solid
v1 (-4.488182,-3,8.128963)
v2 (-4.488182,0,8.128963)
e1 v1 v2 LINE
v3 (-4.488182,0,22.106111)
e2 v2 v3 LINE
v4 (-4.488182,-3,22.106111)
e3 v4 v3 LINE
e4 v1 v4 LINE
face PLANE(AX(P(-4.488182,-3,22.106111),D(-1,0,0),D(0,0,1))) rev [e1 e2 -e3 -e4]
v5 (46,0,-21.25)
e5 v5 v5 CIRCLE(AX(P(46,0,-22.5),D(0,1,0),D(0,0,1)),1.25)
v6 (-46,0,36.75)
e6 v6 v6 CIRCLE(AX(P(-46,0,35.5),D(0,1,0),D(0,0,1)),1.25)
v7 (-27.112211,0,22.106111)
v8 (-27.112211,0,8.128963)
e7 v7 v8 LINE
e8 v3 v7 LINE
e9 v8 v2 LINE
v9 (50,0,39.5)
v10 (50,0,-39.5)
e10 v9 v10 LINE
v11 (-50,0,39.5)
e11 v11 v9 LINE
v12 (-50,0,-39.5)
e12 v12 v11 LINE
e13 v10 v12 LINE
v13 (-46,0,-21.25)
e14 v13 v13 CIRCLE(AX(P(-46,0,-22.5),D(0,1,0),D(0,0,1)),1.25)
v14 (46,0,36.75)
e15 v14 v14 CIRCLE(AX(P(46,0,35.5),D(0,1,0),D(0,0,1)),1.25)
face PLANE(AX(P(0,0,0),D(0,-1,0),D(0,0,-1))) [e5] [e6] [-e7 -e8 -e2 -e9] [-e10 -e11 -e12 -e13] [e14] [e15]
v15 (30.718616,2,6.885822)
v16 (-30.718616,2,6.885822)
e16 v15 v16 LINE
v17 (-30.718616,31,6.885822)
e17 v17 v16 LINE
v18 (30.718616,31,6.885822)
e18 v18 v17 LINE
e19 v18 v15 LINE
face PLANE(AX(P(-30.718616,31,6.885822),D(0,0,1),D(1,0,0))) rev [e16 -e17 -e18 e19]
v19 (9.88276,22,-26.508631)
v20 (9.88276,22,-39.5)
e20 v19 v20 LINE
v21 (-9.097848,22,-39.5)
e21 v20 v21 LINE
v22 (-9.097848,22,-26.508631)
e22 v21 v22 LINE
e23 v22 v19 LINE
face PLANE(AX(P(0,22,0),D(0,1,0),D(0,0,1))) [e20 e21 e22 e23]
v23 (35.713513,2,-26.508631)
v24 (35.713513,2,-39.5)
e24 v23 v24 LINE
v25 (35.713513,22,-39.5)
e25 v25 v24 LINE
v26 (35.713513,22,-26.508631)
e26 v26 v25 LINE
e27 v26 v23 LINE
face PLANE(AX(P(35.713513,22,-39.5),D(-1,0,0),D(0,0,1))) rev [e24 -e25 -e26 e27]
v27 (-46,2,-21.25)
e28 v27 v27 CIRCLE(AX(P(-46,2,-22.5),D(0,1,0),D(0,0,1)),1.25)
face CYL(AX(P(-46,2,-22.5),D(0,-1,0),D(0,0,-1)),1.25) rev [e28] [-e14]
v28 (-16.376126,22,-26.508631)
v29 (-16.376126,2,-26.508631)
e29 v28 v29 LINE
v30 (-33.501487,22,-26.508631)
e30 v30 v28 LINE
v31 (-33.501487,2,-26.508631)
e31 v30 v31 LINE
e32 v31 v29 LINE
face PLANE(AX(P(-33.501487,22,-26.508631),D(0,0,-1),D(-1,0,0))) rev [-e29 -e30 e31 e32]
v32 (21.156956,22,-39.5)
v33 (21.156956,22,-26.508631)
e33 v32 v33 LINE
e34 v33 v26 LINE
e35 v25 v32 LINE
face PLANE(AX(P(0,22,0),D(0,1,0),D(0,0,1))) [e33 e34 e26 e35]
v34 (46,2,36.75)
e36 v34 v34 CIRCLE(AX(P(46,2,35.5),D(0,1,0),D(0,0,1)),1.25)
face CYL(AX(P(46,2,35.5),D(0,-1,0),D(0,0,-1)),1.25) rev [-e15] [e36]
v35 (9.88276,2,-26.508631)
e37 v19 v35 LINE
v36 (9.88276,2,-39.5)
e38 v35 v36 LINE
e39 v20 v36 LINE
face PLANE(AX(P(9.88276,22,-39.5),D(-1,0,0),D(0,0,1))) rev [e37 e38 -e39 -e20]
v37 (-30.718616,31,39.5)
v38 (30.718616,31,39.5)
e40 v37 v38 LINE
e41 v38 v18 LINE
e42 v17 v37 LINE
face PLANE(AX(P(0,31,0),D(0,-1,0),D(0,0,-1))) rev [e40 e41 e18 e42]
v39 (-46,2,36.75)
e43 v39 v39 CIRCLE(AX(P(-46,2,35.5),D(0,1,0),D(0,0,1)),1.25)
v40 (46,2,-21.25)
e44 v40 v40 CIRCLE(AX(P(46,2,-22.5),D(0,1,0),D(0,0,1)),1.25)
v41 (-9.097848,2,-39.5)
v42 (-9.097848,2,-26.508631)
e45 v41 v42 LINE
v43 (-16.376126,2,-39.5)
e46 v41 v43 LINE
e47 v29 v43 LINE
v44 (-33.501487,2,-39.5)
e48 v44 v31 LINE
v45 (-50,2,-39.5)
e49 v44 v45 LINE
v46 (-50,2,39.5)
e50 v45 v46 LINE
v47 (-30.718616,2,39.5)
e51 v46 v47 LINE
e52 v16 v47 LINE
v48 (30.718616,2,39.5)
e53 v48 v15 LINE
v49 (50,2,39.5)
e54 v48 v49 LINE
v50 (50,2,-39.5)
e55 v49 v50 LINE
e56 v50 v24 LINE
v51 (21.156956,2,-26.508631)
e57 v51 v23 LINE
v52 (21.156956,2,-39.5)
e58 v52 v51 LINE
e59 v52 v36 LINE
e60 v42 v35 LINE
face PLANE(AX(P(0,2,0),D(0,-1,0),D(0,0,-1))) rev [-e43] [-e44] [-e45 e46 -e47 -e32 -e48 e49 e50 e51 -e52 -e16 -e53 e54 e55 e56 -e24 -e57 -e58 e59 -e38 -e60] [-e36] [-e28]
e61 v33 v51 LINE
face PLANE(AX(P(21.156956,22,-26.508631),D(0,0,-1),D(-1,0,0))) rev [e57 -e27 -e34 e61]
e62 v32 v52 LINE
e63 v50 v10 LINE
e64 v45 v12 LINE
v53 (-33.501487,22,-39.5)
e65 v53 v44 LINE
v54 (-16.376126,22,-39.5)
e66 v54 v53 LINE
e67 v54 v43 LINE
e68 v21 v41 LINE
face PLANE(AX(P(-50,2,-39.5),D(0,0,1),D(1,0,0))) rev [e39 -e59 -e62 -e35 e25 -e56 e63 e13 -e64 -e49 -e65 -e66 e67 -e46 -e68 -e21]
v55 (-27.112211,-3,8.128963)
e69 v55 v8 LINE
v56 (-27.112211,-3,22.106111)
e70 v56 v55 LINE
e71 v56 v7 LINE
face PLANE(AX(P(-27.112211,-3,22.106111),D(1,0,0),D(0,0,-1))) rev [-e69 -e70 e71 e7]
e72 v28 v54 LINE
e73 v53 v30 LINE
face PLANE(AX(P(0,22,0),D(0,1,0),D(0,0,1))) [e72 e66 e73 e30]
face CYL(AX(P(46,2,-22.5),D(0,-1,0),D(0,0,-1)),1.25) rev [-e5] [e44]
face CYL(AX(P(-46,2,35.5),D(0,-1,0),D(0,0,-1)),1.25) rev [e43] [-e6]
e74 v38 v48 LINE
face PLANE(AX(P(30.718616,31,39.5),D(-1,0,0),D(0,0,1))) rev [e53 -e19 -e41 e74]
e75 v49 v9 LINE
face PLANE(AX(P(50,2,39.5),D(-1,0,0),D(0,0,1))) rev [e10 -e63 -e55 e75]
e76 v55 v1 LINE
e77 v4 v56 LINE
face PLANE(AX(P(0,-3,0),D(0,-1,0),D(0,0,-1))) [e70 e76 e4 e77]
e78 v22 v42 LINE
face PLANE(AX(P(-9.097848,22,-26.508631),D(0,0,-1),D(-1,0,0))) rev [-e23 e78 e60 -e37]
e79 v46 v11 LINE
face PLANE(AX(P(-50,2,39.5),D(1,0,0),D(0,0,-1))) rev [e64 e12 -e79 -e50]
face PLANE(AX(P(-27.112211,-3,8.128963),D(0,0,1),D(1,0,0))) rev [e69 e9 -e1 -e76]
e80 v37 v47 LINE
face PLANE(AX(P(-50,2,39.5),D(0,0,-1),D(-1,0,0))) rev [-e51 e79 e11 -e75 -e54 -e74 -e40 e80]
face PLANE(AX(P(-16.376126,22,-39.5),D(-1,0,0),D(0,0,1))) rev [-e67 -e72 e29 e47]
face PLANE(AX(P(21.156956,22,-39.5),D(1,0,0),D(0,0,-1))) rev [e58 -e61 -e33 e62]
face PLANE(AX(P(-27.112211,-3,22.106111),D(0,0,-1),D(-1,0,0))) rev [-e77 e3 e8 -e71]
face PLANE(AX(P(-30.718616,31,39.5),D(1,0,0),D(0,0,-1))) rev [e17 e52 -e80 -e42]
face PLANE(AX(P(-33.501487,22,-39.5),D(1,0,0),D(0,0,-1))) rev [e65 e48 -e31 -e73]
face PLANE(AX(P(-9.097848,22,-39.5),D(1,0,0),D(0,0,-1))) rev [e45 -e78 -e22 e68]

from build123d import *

# Parameters (mm, degrees)
SKETCH_1_W      = 100
SKETCH_1_H      = 79
SKETCH_1_R      = 1.25
EXTRUDE_1_DEPTH = 2
SKETCH_2_W      = 22.62402863
SKETCH_2_H      = 13.977148577
EXTRUDE_2_DEPTH = 3
SKETCH_3_W      = 61.437231596
SKETCH_3_H      = 32.614177876
EXTRUDE_3_DEPTH = 29
SKETCH_4_W      = 17.125360724
SKETCH_4_H      = 12.991368713
SKETCH_4_W_2    = 18.980608136
SKETCH_4_W_3    = 14.556556615
EXTRUDE_4_DEPTH = 20


with BuildPart() as part:
    # 草图1 → 凸台-拉伸1 (new body)
    with BuildSketch(Plane(origin=(0, 0, 0), x_dir=(1, 0, 0), z_dir=(0, 1, 0))):
        Rectangle(SKETCH_1_W, SKETCH_1_H)
        with Locations(Location((-46, 22.5, 0), (0, 0, 270))):
            Circle(SKETCH_1_R, mode=Mode.SUBTRACT)
        with Locations(Location((46, 22.5, 0), (0, 0, 270))):
            Circle(SKETCH_1_R, mode=Mode.SUBTRACT)
        with Locations(Location((46, -35.5, 0), (0, 0, 270))):
            Circle(SKETCH_1_R, mode=Mode.SUBTRACT)
        with Locations(Location((-46, -35.5, 0), (0, 0, 270))):
            Circle(SKETCH_1_R, mode=Mode.SUBTRACT)
    extrude(amount=EXTRUDE_1_DEPTH)

    # 草图2 → 凸台-拉伸2 (add)
    with BuildSketch(Plane.XZ):
        with Locations((-15.800196743, 15.117537052)):
            Rectangle(SKETCH_2_W, SKETCH_2_H)
    extrude(amount=EXTRUDE_2_DEPTH)

    # 草图3 → 凸台-拉伸3 (add)
    with BuildSketch(Plane(origin=(0, 2, 0), x_dir=(1, 0, 0), z_dir=(0, 1, 0))):
        with Locations((0, -23.192911062)):
            Rectangle(SKETCH_3_W, SKETCH_3_H)
    extrude(amount=EXTRUDE_3_DEPTH)

    # 草图4 → 凸台-拉伸4 (add)
    with BuildSketch(Plane(origin=(0, 2, 0), x_dir=(1, 0, 0), z_dir=(0, 1, 0))):
        with Locations((-24.938806554, 33.004315644)):
            Rectangle(SKETCH_4_W, SKETCH_4_H)
        with Locations((0.392456183, 33.004315644)):
            Rectangle(SKETCH_4_W_2, SKETCH_4_H)
        with Locations((28.435234369, 33.004315644)):
            Rectangle(SKETCH_4_W_3, SKETCH_4_H)
    extrude(amount=EXTRUDE_4_DEPTH)


solid = part.part
